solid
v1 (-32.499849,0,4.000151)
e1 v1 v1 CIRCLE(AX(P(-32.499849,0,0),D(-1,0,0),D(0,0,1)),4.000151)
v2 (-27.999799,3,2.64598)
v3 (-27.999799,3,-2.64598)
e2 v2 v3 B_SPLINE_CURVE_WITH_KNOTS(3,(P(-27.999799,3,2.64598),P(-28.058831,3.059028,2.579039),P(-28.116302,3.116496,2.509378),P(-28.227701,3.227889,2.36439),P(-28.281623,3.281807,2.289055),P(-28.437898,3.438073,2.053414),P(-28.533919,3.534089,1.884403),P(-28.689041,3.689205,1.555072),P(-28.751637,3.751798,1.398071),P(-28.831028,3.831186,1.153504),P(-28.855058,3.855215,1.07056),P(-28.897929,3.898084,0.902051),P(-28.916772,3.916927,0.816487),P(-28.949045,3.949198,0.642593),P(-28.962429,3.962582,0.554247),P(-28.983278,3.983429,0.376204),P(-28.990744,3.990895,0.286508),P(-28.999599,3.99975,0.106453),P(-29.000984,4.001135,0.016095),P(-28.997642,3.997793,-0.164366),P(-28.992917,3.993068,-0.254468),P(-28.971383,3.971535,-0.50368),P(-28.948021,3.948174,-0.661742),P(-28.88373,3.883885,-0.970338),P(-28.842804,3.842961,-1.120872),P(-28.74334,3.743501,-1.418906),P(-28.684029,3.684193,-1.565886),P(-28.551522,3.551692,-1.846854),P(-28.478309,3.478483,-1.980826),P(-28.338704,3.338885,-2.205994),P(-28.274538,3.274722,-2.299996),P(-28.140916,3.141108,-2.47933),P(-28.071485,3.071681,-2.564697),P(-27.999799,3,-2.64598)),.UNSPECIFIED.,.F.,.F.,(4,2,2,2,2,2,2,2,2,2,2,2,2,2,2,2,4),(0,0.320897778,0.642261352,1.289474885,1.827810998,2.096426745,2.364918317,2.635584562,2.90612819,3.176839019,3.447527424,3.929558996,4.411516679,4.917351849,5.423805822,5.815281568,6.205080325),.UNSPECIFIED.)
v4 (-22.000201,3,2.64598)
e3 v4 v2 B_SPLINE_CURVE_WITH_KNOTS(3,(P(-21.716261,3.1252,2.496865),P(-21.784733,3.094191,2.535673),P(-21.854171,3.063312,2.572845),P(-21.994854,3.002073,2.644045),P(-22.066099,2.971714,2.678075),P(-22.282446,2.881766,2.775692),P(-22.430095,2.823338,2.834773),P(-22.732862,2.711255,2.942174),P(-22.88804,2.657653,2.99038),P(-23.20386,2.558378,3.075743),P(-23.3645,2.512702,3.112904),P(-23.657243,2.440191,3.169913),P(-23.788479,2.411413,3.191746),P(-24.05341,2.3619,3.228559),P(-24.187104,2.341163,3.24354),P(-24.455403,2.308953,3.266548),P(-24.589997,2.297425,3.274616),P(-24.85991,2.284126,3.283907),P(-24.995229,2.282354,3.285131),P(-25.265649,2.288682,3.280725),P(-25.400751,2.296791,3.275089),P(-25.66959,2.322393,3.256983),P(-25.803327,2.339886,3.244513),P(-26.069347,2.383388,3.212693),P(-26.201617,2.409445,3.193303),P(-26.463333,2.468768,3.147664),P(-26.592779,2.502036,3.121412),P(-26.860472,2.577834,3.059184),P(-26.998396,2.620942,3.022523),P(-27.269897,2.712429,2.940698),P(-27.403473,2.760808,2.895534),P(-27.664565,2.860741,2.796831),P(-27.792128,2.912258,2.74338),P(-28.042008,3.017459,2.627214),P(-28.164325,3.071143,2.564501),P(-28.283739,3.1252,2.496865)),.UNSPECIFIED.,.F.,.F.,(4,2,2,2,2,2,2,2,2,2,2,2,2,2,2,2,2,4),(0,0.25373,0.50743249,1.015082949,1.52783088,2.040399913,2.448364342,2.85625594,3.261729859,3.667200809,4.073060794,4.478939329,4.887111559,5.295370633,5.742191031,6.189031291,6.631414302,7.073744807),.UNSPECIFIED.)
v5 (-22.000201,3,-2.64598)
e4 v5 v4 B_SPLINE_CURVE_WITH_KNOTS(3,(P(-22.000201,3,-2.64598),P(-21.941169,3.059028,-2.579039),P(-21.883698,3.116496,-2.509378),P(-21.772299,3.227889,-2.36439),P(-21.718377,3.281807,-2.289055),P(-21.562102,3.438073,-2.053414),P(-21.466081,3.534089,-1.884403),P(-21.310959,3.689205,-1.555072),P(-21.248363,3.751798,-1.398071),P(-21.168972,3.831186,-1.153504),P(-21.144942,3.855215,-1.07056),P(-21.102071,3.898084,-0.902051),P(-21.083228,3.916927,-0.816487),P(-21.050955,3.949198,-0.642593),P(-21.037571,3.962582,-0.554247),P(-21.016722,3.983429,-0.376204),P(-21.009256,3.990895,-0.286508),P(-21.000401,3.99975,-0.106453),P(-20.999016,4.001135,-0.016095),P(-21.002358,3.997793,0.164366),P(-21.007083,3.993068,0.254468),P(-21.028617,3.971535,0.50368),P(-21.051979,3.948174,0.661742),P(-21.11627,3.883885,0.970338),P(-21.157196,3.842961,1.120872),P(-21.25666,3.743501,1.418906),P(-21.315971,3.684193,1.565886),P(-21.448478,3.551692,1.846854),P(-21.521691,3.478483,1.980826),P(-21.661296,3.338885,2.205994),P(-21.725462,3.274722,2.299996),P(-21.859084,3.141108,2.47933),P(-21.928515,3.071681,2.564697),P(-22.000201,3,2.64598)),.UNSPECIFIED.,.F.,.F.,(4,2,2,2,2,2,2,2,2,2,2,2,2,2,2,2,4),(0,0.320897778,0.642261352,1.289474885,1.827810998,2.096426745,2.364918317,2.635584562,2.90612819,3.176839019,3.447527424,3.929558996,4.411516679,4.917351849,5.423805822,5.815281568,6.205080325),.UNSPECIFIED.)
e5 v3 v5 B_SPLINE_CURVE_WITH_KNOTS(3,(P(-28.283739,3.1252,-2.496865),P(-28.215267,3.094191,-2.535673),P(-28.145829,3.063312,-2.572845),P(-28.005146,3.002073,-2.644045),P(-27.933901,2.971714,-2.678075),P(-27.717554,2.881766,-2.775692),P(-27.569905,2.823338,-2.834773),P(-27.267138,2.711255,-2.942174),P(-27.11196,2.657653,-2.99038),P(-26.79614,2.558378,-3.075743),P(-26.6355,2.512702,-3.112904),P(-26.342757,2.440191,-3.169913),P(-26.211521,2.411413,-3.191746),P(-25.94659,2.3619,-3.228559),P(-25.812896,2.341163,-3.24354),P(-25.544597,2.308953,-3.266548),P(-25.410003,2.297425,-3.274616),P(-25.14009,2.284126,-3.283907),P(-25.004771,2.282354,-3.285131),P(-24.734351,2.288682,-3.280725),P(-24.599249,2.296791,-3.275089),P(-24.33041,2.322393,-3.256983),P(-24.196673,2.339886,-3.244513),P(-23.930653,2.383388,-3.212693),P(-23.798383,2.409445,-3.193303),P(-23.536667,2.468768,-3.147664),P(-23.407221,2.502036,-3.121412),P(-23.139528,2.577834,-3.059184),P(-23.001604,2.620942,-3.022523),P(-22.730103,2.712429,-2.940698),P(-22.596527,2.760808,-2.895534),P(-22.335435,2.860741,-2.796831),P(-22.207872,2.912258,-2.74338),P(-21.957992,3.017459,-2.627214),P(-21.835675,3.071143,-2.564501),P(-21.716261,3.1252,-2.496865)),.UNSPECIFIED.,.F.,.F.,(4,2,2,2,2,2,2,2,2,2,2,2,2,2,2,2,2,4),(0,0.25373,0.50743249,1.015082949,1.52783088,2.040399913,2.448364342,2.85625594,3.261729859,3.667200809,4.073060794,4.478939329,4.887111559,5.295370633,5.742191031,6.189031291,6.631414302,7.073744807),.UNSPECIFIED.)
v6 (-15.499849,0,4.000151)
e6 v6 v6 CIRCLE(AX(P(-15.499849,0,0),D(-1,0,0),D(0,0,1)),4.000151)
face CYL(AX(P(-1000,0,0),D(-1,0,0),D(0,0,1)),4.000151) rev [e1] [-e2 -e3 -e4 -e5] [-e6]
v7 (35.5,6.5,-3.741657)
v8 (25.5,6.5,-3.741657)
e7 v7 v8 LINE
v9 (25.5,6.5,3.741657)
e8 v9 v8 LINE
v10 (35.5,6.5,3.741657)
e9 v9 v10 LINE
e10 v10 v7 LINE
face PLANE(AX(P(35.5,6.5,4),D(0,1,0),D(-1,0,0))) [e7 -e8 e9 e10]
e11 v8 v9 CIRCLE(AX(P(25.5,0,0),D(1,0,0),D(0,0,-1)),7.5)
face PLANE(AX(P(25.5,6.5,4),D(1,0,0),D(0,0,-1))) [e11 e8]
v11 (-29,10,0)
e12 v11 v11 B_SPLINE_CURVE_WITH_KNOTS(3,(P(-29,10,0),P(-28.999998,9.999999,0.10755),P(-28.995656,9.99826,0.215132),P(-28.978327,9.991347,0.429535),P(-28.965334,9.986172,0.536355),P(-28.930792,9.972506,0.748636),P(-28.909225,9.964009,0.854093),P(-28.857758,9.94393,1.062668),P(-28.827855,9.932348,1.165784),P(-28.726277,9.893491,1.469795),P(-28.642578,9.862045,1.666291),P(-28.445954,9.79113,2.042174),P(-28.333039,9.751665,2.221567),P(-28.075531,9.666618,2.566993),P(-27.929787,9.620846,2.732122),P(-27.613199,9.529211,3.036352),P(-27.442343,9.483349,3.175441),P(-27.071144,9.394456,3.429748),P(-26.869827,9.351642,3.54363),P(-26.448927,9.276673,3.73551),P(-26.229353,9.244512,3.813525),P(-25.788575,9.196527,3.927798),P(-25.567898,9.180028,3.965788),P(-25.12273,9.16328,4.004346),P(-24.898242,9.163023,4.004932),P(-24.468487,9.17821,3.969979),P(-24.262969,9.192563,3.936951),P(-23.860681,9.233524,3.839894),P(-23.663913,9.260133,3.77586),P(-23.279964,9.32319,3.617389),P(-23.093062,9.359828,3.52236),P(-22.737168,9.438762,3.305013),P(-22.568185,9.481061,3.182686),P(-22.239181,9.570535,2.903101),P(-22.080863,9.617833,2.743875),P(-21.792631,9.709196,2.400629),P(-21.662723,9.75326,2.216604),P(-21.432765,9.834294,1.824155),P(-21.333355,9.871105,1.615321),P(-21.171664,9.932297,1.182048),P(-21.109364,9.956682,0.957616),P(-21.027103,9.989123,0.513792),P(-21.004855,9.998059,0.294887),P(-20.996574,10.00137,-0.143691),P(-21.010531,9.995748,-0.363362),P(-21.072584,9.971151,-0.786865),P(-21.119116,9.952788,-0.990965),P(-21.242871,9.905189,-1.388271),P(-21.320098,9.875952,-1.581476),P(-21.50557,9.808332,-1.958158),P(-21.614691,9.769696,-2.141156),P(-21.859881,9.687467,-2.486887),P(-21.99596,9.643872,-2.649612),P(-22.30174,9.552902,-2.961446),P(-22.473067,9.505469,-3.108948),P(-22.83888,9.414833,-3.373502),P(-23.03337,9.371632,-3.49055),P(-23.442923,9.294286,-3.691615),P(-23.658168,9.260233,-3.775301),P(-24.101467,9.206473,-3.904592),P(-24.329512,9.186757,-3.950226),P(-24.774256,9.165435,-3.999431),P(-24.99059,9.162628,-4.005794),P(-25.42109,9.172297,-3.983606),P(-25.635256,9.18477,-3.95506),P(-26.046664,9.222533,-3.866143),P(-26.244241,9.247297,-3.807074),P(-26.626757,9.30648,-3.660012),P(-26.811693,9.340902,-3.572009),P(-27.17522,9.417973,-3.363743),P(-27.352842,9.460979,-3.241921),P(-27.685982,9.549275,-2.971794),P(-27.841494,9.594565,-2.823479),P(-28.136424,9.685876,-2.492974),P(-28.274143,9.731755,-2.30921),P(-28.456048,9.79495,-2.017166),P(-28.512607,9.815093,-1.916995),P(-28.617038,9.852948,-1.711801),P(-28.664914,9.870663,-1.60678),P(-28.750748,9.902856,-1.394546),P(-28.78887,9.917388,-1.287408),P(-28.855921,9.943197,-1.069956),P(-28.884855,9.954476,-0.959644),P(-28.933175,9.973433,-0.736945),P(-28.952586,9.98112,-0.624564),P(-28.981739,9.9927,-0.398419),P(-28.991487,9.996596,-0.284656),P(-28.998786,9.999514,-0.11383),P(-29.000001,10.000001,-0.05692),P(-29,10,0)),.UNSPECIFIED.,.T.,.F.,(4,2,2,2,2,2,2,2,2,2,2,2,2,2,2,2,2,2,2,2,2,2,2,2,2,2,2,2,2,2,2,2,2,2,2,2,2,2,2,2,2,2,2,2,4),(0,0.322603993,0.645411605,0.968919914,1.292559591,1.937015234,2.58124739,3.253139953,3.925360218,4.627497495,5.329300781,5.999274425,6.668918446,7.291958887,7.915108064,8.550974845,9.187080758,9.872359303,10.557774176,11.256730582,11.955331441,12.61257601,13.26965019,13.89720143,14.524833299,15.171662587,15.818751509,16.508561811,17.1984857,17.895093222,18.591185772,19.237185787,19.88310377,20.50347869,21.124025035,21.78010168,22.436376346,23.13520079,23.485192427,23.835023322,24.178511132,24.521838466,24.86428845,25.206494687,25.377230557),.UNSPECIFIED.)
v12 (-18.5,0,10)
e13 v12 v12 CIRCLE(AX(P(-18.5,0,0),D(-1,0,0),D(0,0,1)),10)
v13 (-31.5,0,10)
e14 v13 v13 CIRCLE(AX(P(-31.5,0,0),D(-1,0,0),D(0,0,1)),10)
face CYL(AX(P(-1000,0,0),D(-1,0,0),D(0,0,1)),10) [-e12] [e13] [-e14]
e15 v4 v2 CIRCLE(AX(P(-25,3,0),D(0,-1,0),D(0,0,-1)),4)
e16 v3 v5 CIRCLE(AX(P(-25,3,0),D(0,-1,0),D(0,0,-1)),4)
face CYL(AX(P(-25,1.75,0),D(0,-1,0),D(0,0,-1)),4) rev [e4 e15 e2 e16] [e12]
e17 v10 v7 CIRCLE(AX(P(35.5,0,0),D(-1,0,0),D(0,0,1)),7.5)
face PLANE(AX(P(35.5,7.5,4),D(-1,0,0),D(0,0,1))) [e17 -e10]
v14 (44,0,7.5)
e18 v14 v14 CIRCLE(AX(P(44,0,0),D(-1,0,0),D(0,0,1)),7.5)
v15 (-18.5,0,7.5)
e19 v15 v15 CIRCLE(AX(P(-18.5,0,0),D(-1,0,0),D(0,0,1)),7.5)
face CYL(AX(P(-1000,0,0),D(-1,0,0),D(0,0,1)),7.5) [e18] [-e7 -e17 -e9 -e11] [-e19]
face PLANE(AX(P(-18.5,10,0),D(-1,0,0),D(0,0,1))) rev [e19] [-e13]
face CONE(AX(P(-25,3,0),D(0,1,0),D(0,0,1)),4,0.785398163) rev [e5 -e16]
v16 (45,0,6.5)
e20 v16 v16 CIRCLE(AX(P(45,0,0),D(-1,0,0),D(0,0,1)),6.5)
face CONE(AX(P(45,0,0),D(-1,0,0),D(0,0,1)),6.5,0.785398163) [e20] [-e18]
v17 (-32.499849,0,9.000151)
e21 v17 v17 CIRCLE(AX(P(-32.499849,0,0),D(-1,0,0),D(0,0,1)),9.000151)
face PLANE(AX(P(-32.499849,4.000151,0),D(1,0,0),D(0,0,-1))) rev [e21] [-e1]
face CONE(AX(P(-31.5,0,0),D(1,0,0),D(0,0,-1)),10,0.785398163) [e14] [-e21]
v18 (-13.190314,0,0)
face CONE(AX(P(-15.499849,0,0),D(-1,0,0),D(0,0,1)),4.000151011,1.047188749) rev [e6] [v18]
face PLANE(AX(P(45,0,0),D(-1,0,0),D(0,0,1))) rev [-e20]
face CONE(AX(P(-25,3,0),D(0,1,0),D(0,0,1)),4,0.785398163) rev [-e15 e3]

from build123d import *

# Parameters (mm, degrees)
ENL_V_MAT_EXTRU_3_DEPTH      = 4
ENL_V_MAT_EXTRU_3_DEPTH_BACK = 4
ESQUISSE6_W                  = 10
ESQUISSE6_H                  = 1


with BuildPart() as part:
    # Esquisse1 → Révolution5 (revolve)
    with BuildSketch(Plane.XY):
        Polygon((-18.5, 7.5), (44, 7.5), (45, 6.5), (45, 0), (-13.190313779, 0), (-15.499848989, 4.000151011), (-32.499848989, 4.000151011), (-32.499848989, 9.000151011), (-31.5, 10), (-18.5, 10), align=None)
    revolve(axis=Axis((-1000, 0, 0), (1, 0, 0)))

    # Esquisse5 → Enlèvement de matière-Révolution1 (revolve, cut)
    with BuildSketch(Plane.XY):
        Polygon((-29, 10), (-29, 3), (-27.75, 1.75), (-25, 1.75), (-25, 10), align=None)
    revolve(axis=Axis((-25, 1.75, 0), (0, 1, 0)), mode=Mode.SUBTRACT)

    # Esquisse6 → Enlèv. mat.-Extru.3 (cut, two sides: drawn at the far end of the back side and taken through both)
    with BuildSketch(Plane.XY.offset(-ENL_V_MAT_EXTRU_3_DEPTH_BACK)):
        with Locations((30.5, 7)):
            Rectangle(ESQUISSE6_W, ESQUISSE6_H)
    extrude(amount=ENL_V_MAT_EXTRU_3_DEPTH + ENL_V_MAT_EXTRU_3_DEPTH_BACK, mode=Mode.SUBTRACT)


solid = part.part
